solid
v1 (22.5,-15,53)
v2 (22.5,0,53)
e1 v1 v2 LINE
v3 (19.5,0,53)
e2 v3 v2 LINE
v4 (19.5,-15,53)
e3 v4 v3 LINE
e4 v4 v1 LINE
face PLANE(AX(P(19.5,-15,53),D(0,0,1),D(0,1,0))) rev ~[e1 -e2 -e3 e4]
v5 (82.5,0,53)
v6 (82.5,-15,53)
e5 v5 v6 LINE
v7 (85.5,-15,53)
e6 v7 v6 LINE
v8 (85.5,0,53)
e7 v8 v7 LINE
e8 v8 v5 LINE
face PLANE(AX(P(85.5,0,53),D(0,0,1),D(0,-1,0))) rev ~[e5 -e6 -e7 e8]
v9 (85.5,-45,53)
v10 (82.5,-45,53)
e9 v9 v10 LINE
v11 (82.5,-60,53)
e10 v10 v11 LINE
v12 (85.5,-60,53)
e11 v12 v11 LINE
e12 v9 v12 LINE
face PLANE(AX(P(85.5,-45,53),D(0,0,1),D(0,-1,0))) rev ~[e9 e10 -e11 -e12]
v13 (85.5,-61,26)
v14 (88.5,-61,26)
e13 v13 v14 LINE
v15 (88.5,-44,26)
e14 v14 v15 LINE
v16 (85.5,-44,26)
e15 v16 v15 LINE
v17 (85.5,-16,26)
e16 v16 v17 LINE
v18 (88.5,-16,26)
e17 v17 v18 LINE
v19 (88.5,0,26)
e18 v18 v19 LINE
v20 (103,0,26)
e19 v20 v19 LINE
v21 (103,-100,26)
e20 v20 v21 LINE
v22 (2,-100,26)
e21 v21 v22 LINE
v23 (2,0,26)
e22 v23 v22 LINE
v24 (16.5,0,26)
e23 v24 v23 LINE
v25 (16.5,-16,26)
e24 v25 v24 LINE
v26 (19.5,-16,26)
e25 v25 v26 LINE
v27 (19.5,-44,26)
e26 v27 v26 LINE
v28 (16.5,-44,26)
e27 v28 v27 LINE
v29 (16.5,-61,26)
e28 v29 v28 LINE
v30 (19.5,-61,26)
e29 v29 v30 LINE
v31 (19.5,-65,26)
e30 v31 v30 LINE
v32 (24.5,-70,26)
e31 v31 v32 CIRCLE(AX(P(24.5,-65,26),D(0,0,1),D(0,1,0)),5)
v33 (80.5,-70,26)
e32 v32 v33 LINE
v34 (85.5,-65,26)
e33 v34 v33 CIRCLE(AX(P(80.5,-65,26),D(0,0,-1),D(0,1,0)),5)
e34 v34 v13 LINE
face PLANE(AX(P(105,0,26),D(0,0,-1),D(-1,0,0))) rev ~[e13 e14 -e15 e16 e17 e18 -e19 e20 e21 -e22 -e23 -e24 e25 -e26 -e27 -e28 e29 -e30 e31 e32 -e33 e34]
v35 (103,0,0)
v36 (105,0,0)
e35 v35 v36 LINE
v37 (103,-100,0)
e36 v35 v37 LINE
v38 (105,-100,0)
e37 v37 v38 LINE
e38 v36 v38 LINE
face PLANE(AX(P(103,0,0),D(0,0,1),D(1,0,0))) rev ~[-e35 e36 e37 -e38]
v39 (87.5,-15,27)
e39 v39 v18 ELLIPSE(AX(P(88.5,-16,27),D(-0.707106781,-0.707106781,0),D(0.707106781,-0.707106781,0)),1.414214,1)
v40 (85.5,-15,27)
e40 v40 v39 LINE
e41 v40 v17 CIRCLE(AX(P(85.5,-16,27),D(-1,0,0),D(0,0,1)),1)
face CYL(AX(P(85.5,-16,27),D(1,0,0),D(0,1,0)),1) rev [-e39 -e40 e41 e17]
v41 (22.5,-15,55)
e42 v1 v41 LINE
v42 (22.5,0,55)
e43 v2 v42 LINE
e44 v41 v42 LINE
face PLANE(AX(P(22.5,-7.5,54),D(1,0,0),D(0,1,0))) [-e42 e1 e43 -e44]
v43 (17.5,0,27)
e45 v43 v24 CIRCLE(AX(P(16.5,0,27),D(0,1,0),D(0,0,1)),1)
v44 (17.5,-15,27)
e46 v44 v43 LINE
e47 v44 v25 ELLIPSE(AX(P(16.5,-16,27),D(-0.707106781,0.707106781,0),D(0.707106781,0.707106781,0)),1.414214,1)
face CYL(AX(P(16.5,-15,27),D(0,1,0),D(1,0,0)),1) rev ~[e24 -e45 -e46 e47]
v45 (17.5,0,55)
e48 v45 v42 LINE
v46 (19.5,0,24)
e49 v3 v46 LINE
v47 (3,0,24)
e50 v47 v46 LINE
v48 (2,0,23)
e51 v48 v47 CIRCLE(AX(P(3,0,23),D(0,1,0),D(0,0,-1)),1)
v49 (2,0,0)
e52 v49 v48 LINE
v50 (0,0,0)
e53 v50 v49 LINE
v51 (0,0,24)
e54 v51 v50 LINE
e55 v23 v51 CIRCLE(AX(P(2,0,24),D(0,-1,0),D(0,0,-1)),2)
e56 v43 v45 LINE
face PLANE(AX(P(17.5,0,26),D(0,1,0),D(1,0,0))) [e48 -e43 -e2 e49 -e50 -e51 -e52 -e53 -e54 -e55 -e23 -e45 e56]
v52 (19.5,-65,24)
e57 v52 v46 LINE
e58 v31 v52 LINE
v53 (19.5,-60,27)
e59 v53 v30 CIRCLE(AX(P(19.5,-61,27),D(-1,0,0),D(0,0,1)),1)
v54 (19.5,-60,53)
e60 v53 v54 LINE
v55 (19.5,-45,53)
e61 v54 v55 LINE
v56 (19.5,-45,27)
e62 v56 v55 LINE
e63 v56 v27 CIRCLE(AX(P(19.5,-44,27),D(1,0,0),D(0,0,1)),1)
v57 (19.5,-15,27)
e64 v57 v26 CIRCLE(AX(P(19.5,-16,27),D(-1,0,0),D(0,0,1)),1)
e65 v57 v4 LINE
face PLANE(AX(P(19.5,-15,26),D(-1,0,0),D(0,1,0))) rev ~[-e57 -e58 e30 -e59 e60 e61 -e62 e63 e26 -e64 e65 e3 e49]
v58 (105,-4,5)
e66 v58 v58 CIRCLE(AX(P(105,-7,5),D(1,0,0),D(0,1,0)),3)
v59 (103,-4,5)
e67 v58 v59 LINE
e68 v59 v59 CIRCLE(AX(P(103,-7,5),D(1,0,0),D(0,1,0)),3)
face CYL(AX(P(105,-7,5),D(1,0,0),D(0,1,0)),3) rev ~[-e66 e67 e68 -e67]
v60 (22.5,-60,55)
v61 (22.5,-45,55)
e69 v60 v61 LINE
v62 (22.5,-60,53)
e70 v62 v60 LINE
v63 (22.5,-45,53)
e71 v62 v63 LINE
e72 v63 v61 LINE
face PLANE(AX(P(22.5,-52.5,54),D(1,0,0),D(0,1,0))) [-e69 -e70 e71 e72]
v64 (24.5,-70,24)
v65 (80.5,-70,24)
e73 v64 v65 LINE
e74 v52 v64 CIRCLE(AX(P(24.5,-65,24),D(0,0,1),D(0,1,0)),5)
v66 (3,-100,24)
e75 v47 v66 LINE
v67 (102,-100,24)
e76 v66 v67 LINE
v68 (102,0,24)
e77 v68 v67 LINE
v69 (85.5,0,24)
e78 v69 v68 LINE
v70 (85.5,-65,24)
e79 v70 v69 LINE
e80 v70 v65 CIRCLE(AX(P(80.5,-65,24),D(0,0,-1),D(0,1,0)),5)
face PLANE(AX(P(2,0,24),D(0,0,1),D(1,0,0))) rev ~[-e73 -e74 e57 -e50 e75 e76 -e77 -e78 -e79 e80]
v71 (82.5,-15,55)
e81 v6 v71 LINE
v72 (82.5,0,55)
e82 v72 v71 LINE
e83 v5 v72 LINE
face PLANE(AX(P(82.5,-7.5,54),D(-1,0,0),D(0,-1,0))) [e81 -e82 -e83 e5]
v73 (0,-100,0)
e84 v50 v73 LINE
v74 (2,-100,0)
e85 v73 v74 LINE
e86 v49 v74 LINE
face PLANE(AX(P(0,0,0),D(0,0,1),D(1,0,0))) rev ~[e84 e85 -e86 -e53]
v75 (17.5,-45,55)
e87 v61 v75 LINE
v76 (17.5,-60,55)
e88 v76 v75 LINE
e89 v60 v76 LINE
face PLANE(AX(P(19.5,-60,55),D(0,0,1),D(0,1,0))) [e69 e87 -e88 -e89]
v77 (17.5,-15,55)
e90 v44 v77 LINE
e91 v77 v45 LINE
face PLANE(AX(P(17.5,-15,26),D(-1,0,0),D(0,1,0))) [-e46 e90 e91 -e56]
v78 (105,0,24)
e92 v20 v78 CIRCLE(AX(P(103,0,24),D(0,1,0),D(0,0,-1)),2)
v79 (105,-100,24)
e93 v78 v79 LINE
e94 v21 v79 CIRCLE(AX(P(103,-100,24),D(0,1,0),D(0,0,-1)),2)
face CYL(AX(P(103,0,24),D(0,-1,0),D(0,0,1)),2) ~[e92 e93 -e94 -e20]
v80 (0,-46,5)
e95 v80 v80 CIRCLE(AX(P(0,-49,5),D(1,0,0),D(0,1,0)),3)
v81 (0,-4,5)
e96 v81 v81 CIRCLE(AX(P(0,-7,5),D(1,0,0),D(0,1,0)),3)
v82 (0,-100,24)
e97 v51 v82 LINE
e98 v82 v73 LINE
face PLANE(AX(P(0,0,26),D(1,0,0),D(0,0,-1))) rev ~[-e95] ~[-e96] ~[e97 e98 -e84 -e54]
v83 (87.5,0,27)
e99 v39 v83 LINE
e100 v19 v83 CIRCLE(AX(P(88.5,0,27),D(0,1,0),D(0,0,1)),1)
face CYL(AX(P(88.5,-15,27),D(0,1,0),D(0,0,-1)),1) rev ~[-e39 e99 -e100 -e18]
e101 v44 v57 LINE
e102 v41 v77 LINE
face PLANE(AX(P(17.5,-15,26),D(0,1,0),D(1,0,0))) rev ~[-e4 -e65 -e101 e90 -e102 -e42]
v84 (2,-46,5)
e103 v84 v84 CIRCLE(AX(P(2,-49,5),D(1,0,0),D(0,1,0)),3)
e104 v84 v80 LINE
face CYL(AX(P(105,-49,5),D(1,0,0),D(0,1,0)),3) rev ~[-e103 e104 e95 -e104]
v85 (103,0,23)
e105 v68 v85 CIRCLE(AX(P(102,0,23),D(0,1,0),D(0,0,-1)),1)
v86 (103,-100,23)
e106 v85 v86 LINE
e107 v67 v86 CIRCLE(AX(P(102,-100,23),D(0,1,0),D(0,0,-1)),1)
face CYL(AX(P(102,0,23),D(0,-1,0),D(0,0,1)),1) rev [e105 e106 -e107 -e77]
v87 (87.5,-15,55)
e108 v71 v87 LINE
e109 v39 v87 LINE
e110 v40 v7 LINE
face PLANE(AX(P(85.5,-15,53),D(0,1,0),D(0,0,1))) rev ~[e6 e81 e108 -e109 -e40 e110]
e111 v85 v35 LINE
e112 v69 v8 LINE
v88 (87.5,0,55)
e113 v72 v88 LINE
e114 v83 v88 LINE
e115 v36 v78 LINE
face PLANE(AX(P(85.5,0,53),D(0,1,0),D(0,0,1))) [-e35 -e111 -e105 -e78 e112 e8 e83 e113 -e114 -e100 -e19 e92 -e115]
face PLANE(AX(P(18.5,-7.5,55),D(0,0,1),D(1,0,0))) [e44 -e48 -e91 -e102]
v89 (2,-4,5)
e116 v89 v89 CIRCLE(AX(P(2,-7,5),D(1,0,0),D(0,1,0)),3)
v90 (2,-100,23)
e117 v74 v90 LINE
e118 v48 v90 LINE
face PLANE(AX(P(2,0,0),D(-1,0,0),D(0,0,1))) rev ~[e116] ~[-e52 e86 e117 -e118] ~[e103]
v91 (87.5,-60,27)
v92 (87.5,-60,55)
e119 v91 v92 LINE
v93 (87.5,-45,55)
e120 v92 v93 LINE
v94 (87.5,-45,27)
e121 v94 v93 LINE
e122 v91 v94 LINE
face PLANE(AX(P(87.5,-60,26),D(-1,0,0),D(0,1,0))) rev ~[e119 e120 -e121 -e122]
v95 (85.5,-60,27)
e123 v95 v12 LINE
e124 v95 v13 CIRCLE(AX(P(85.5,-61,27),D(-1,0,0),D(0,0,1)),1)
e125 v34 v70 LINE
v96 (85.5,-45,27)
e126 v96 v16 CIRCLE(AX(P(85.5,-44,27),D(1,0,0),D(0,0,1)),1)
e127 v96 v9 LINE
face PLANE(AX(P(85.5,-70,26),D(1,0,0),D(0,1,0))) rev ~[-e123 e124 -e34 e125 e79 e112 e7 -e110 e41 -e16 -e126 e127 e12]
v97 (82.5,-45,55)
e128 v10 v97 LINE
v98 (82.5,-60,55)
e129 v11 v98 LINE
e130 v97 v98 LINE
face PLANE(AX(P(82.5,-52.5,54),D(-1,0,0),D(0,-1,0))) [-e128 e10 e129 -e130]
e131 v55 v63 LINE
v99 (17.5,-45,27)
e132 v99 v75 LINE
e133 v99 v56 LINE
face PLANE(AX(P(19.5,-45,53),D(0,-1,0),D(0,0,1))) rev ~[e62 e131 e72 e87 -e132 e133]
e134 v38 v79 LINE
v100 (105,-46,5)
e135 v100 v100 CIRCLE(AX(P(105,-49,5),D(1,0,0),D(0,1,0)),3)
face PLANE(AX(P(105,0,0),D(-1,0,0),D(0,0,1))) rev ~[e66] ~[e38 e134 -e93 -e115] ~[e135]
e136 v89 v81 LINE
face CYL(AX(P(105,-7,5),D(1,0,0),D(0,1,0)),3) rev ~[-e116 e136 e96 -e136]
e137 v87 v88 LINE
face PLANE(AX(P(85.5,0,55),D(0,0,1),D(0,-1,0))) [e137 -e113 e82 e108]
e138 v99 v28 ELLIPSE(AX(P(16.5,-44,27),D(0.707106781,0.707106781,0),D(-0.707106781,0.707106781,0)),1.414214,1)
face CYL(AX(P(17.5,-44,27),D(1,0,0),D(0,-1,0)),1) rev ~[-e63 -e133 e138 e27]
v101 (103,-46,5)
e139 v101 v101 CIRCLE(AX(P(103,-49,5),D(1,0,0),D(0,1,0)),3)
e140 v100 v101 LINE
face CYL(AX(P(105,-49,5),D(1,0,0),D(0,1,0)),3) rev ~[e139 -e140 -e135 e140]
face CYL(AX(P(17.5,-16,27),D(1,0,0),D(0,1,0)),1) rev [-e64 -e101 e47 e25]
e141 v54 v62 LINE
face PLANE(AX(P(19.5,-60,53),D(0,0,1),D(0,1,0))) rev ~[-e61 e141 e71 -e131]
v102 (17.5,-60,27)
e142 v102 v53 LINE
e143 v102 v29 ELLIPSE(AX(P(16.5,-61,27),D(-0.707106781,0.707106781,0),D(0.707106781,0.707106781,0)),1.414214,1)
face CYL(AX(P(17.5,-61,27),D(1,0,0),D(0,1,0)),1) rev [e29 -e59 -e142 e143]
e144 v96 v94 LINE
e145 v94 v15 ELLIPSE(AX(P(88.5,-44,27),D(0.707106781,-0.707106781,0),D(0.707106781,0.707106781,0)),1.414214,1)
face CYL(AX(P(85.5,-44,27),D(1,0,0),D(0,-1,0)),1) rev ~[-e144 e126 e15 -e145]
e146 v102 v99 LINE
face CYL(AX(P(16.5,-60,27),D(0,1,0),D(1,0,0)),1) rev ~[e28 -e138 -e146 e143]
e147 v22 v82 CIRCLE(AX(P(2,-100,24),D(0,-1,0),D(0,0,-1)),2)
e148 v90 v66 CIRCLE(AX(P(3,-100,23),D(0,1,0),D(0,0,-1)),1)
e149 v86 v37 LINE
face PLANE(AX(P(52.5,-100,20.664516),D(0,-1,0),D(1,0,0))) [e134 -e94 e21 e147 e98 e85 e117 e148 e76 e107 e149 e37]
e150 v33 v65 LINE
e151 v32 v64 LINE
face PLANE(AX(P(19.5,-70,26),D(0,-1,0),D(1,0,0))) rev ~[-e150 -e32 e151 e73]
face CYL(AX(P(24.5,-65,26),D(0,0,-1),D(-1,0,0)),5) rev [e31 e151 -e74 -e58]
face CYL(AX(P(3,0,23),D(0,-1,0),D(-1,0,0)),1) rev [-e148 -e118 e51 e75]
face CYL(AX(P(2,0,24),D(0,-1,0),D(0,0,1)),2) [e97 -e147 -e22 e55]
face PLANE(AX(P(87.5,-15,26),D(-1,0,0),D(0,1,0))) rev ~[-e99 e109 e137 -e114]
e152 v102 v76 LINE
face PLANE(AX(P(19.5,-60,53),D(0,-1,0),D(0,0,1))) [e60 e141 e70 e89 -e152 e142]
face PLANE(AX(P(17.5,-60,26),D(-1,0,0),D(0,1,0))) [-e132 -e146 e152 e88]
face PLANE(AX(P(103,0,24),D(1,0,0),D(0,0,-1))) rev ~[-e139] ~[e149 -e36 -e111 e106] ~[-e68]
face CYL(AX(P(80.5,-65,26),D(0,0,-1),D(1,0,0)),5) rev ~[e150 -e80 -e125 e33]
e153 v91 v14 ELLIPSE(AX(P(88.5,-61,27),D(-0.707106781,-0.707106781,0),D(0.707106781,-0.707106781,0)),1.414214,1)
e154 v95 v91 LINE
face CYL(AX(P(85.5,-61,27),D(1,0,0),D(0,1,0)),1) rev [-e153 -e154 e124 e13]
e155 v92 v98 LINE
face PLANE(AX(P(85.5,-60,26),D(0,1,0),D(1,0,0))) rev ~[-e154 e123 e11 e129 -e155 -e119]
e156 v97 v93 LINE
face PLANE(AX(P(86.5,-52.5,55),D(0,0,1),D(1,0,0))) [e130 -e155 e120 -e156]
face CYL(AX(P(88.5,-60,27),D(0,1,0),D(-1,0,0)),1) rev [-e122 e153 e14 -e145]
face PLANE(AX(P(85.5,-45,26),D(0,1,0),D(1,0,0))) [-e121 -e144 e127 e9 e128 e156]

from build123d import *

# Parameters (mm, degrees)
F1_DEPTH  = 100
F2_R      = 3
F3_DEPTH  = 105.001
F4_W      = 66
F4_H      = 70
F5_DEPTH  = 25
F6_W      = 2
F6_H      = 15
F7_DEPTH  = 29
F8_W      = 15
F8_H      = 2
F9_DEPTH  = 3
F10_W     = 15
F10_H     = 2
F11_DEPTH = 3
F12_R     = 1
F13_R     = 2
F14_R     = 5


with BuildPart() as f1:
    # F0 (on Front) → F1 (new body)
    with BuildSketch(Plane.XZ):
        Polygon((105, 26), (0, 26), (0, 0), (2, 0), (2, 24), (103, 24), (103, 0), (105, 0), align=None)
    extrude(amount=F1_DEPTH)

    # F2 (on face) → F3 (cut, through all)
    with BuildSketch(Plane.YZ.offset(105)):
        with Locations((-7, 5)):
            Circle(F2_R)
        with Locations((-49, 5)):
            Circle(F2_R)
    extrude(amount=-F3_DEPTH, mode=Mode.SUBTRACT)

    # F4 (on face) → F5 (cut)
    with BuildSketch(Plane.XY.offset(26)):
        with Locations((52.5, -35)):
            Rectangle(F4_W, F4_H)
    extrude(amount=-F5_DEPTH, mode=Mode.SUBTRACT)

    # F6 (on face) → F7 (join)
    with BuildSketch(Plane.XY.offset(26)):
        with Locations((18.5, -7.5)):
            Rectangle(F6_W, F6_H)
        with Locations((18.5, -52.5)):
            Rectangle(F6_W, F6_H)
        with Locations((86.5, -7.5)):
            Rectangle(F6_W, F6_H)
        with Locations((86.5, -52.5)):
            Rectangle(F6_W, F6_H)
    extrude(amount=F7_DEPTH)

    # F8 (on face) → F9 (join)
    with BuildSketch(Plane.YZ.offset(19.5)):
        with Locations((-52.5, 54)):
            Rectangle(F8_W, F8_H)
        with Locations((-7.5, 54)):
            Rectangle(F8_W, F8_H)
    extrude(amount=F9_DEPTH)

    # F10 (on face) → F11 (join)
    with BuildSketch(Plane(origin=(85.5, 0, 0), x_dir=(0, -1, 0), z_dir=(-1, 0, 0))):
        with Locations((7.5, 54)):
            Rectangle(F10_W, F10_H)
        with Locations((52.5, 54)):
            Rectangle(F10_W, F10_H)
    extrude(amount=F11_DEPTH)

    # F12
    f12_edges = [f1.edges().sort_by_distance(p)[0] for p in [
        (2, -50, 24),
        (103, -50, 24),
        (17.5, -7.5, 26),
        (18.5, -15, 26),
        (17.5, -52.5, 26),
        (18.5, -60, 26),
        (18.5, -45, 26),
        (86.5, -60, 26),
        (87.5, -52.5, 26),
        (86.5, -15, 26),
        (87.5, -7.5, 26),
        (86.5, -45, 26),
    ]]
    fillet(f12_edges, radius=F12_R)

    # F13
    f13_edges = [f1.edges().sort_by_distance(p)[0] for p in [
        (0, -50, 26),
        (105, -50, 26),
    ]]
    fillet(f13_edges, radius=F13_R)

    # F14
    f14_edges = [f1.edges().sort_by_distance(p)[0] for p in [
        (85.5, -70, 25),
        (19.5, -70, 25),
    ]]
    fillet(f14_edges, radius=F14_R)


solid = f1.part
